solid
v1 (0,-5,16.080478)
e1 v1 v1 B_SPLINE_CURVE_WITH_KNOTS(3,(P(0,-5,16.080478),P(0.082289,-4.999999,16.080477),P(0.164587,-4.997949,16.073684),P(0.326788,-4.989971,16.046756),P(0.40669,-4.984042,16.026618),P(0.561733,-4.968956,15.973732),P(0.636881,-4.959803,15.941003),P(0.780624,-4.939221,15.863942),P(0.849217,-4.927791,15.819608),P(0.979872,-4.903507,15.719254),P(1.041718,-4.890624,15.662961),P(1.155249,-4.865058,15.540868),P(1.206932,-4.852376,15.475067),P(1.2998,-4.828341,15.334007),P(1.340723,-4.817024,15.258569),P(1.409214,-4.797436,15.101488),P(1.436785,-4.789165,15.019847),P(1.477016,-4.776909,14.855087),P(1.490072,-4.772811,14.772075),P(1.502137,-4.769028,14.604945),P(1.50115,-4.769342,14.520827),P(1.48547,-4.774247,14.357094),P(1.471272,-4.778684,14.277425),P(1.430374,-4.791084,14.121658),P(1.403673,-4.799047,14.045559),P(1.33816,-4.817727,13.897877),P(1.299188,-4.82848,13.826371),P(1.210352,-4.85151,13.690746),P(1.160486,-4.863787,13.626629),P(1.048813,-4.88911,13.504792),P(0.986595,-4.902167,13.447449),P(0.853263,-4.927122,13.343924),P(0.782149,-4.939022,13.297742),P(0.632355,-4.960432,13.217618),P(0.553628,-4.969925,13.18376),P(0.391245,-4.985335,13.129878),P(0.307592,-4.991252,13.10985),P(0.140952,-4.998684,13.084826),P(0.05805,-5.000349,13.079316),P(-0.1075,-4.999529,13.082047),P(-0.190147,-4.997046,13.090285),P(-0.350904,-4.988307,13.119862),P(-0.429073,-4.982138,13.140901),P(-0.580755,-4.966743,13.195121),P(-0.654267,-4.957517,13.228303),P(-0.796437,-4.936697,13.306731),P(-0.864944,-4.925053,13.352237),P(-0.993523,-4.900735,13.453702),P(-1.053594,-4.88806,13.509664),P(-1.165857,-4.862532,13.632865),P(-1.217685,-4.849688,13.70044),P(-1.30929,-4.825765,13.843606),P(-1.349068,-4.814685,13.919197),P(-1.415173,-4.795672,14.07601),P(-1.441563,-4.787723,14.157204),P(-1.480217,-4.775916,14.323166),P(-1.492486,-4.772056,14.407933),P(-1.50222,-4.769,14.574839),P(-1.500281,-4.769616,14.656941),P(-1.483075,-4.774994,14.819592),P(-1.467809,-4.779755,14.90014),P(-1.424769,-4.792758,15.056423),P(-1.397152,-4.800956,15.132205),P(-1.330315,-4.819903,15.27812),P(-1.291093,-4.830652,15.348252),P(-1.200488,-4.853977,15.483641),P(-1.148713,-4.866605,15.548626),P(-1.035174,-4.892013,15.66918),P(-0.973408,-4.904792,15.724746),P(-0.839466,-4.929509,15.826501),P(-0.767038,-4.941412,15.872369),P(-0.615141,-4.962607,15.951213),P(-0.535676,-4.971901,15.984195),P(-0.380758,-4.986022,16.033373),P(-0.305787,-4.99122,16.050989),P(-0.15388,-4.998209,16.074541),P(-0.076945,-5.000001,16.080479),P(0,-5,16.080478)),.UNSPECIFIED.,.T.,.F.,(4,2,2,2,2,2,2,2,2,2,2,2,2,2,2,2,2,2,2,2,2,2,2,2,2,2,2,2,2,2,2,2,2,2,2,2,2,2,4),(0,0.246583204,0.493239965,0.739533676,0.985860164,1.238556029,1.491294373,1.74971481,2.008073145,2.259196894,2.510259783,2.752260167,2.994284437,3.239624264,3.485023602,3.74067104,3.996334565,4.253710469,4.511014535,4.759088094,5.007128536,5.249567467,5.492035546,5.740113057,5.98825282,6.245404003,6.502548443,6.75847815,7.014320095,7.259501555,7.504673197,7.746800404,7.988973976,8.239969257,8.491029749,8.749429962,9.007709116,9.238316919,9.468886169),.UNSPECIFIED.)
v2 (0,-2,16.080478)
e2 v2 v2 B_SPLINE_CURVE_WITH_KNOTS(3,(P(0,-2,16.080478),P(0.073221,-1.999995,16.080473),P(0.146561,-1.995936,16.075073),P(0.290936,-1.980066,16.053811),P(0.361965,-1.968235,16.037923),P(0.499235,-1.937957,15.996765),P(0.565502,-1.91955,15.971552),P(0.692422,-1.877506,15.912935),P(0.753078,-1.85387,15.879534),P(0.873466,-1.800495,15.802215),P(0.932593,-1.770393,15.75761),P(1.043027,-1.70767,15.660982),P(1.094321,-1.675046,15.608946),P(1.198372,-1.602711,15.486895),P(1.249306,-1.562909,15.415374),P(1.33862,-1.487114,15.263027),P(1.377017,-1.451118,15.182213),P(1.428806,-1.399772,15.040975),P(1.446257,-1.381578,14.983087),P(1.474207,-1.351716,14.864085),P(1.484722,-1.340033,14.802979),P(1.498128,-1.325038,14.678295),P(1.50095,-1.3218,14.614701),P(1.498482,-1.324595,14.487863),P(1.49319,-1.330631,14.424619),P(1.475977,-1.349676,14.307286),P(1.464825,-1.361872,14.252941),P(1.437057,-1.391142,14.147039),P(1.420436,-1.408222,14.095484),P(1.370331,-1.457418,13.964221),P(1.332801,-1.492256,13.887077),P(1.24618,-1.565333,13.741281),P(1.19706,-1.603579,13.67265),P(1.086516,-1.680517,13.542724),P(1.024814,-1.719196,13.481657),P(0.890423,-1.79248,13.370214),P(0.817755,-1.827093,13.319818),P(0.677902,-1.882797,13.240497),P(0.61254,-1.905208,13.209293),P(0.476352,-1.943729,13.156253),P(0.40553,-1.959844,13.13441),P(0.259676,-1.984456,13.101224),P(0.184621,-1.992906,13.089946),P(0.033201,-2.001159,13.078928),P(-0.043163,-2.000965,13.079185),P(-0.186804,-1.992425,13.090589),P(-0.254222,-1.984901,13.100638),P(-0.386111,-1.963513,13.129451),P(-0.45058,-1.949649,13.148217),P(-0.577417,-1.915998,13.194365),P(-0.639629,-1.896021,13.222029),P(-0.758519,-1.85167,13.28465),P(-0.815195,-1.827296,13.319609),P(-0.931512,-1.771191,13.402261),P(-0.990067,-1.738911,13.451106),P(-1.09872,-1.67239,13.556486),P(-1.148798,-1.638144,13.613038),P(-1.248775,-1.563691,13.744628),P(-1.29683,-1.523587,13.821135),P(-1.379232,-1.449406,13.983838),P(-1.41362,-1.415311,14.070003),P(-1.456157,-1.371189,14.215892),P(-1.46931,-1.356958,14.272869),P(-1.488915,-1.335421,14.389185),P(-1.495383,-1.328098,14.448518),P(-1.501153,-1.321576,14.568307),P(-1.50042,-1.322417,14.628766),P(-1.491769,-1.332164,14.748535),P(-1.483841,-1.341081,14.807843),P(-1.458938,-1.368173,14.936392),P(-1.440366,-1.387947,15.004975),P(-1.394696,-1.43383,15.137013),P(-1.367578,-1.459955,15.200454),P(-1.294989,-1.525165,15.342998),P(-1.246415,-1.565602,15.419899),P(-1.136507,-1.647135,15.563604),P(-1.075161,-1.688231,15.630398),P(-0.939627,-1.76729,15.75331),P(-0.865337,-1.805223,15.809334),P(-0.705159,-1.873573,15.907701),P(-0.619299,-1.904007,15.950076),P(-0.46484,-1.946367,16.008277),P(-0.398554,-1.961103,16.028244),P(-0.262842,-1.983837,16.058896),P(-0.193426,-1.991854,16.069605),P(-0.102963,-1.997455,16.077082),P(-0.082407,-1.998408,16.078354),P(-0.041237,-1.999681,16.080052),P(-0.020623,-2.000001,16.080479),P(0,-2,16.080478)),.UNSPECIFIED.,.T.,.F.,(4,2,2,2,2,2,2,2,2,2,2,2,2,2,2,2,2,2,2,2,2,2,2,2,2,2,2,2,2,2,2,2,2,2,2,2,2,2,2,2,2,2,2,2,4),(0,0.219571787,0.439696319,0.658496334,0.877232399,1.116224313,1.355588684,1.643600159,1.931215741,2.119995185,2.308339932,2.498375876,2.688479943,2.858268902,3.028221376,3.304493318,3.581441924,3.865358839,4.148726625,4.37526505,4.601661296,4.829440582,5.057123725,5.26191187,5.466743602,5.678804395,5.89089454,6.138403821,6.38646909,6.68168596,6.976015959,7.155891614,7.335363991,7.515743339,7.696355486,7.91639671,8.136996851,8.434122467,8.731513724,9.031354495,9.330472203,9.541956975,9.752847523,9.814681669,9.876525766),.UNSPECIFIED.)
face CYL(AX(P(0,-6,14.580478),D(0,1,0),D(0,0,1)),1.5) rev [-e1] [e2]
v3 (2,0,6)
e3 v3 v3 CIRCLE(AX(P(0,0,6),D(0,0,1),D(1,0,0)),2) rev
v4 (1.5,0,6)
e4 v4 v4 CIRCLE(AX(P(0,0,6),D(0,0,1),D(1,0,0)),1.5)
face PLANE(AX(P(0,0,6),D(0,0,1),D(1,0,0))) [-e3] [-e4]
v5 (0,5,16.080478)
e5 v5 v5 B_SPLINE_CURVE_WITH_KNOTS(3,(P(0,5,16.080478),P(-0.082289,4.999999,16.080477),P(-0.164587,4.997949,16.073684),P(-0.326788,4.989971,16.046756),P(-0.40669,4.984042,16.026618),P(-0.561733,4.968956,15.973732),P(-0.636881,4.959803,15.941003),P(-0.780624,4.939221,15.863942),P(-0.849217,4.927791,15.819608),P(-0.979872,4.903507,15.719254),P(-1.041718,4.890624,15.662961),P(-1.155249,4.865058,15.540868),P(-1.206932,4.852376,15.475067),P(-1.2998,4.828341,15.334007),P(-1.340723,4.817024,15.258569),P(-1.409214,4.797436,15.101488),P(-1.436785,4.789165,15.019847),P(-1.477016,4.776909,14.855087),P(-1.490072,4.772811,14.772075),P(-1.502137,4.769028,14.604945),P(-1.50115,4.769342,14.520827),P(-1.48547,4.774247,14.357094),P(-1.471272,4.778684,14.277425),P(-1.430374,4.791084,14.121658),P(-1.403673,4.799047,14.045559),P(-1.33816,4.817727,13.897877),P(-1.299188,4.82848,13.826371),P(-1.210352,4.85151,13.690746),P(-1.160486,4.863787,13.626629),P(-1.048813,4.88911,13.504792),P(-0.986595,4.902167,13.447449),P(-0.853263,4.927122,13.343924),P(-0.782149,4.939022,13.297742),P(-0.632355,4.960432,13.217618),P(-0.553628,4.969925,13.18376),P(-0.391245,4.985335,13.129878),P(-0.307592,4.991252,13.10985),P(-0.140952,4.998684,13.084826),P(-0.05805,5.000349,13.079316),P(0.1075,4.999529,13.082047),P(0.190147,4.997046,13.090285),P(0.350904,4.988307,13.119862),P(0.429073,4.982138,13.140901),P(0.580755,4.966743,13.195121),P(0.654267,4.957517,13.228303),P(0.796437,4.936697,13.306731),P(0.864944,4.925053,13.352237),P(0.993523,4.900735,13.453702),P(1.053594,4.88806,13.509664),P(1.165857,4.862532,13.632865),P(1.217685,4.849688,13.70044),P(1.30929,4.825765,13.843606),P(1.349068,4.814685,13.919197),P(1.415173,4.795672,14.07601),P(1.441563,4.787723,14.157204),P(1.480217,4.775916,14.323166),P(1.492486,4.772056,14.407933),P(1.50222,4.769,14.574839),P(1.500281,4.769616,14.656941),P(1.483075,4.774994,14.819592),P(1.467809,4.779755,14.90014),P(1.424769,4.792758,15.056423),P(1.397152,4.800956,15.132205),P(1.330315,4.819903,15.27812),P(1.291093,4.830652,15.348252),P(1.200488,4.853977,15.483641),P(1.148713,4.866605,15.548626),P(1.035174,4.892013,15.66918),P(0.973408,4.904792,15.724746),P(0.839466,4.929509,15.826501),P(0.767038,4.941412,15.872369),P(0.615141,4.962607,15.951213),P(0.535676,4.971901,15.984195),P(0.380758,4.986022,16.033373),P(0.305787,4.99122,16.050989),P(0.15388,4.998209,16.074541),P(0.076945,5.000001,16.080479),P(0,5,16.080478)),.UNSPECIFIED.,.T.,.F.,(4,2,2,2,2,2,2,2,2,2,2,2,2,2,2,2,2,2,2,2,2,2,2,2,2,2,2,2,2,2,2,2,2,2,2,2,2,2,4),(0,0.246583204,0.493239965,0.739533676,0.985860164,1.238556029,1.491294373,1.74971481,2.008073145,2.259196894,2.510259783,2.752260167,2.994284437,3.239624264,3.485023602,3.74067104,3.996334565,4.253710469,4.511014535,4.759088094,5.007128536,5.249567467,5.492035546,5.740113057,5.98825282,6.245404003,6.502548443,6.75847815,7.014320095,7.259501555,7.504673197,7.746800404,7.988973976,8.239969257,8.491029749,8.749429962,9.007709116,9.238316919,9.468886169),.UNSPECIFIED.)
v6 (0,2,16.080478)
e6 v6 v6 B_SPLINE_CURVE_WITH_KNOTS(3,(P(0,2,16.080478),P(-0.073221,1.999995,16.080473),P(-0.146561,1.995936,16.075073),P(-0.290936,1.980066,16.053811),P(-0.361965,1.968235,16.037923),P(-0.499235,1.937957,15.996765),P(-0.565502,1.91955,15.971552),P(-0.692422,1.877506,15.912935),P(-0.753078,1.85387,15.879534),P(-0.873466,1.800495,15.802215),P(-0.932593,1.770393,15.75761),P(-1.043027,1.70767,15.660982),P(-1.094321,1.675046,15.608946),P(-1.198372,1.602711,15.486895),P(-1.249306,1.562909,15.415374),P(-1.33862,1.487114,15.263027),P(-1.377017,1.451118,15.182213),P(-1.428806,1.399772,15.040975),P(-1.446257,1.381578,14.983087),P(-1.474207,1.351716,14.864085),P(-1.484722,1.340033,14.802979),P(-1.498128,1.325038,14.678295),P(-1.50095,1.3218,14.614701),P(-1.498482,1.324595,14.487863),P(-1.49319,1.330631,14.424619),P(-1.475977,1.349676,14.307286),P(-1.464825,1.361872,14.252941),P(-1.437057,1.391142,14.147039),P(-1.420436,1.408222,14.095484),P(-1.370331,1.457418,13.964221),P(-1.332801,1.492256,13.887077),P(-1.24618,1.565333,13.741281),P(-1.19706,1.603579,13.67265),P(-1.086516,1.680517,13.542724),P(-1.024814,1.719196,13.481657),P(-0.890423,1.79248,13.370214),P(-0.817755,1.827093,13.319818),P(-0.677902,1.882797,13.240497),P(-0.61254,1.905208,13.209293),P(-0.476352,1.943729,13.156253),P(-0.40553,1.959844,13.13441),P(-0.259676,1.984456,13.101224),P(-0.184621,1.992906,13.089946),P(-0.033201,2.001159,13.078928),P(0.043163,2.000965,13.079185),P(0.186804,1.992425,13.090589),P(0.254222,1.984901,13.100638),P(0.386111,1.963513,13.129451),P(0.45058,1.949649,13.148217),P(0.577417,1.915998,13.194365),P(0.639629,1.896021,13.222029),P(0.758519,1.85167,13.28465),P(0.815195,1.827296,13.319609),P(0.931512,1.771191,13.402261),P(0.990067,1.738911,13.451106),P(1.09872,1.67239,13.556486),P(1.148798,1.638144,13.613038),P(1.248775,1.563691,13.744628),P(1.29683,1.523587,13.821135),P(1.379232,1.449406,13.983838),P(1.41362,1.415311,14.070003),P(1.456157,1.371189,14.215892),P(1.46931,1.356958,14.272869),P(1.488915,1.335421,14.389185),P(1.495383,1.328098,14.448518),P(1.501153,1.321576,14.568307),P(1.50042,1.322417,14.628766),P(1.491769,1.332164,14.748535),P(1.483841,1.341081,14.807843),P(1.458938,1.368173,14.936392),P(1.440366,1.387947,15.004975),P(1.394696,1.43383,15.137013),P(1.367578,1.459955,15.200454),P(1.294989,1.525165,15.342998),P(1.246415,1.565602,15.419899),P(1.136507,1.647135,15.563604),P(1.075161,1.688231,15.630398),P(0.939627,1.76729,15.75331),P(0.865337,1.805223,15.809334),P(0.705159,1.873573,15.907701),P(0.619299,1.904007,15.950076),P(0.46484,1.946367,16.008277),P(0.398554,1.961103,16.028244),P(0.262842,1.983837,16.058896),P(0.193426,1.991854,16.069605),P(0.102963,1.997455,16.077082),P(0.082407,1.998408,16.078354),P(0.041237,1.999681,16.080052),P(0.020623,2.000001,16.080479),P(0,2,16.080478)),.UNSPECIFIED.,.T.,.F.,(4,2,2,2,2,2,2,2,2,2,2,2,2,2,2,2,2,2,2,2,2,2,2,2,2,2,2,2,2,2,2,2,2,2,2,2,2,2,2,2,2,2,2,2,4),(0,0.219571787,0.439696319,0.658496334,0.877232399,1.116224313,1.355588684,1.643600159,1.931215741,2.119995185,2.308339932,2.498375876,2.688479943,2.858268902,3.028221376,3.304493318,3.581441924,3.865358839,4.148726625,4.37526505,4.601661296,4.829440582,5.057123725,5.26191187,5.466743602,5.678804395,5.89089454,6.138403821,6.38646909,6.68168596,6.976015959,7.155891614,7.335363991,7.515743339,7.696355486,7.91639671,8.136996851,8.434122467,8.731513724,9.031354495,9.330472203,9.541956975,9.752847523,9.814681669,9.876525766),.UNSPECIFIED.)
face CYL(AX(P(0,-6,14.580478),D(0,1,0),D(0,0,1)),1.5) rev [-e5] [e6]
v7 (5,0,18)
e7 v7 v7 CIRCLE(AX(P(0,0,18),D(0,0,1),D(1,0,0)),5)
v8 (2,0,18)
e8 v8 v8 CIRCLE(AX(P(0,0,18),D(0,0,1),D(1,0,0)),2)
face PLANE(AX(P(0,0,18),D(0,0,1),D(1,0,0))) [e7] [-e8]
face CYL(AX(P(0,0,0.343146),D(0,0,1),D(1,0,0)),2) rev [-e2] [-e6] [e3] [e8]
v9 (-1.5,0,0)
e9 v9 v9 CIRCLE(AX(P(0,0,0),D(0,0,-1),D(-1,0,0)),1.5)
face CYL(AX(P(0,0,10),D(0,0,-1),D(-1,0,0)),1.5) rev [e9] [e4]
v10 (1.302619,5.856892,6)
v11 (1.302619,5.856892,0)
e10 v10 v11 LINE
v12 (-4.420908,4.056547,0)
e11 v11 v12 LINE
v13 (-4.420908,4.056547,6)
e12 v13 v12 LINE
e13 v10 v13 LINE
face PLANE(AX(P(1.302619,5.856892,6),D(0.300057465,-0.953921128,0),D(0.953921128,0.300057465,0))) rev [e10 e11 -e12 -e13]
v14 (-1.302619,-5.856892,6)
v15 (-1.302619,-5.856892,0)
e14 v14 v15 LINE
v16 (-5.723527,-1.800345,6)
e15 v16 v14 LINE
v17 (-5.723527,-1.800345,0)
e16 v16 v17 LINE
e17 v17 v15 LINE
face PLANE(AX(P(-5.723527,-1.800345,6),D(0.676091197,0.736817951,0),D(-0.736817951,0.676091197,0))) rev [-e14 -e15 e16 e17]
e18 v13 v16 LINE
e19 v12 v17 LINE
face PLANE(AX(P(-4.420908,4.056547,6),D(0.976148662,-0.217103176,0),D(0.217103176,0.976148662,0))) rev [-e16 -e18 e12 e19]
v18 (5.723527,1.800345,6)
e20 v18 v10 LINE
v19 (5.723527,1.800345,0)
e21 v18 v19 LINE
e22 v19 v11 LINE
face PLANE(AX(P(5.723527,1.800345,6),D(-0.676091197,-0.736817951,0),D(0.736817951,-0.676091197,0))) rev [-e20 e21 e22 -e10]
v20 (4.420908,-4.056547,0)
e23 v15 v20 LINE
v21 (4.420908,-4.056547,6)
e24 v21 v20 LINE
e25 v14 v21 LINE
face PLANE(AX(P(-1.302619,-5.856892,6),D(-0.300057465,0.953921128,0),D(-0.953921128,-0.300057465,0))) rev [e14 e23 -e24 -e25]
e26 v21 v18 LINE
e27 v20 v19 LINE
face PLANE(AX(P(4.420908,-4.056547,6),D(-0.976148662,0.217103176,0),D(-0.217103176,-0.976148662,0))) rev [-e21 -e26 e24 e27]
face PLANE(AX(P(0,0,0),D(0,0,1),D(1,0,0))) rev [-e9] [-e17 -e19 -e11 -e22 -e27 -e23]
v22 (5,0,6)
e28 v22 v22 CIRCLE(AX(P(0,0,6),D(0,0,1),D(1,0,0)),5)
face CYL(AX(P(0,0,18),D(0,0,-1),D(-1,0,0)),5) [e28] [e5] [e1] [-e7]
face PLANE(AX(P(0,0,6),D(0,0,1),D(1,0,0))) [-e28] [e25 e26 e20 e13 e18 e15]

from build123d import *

# Parameters (mm, degrees)
BOSS_EXTRUDE2_DEPTH = 6
SKETCH4_R           = 5
BOSS_EXTRUDE3_DEPTH = 12
SKETCH5_R           = 1.5
CUT_EXTRUDE1_DEPTH  = 6
SKETCH6_R           = 2
CUT_EXTRUDE2_DEPTH  = 12
SKETCH7_R           = 1.5
CUT_EXTRUDE3_DEPTH  = 10


with BuildPart() as part:
    # Sketch3 → Boss-Extrude2 (new body)
    with BuildSketch(Plane.XY):
        Polygon((-4.420907708, 4.056547182), (-5.723526765, -1.800344791), (-1.302619058, -5.856891974), (4.420907708, -4.056547182), (5.723526765, 1.800344791), (1.302619058, 5.856891974), align=None)
    extrude(amount=BOSS_EXTRUDE2_DEPTH)

    # Sketch4 → Boss-Extrude3 (add)
    with BuildSketch(Plane.XY.offset(6)):
        Circle(SKETCH4_R)
    extrude(amount=BOSS_EXTRUDE3_DEPTH)

    # Sketch5 → Cut-Extrude1 (cut, symmetric)
    with BuildSketch(Plane(origin=(0, 0, 0), x_dir=(1, 0, 0), z_dir=(0, 1, 0))):
        with Locations(Location((0, -14.580477712, 0), (0, 0, 270))):
            Circle(SKETCH5_R)
    extrude(amount=CUT_EXTRUDE1_DEPTH, both=True, mode=Mode.SUBTRACT)

    # Sketch6 → Cut-Extrude2 (cut)
    with BuildSketch(Plane.XY.offset(18)):
        Circle(SKETCH6_R)
    extrude(amount=-CUT_EXTRUDE2_DEPTH, mode=Mode.SUBTRACT)

    # Sketch7 → Cut-Extrude3 (cut)
    with BuildSketch(Plane(origin=(0, 0, 0), x_dir=(-1, 0, 0), z_dir=(0, 0, -1))):
        Circle(SKETCH7_R)
    extrude(amount=-CUT_EXTRUDE3_DEPTH, mode=Mode.SUBTRACT)


solid = part.part
